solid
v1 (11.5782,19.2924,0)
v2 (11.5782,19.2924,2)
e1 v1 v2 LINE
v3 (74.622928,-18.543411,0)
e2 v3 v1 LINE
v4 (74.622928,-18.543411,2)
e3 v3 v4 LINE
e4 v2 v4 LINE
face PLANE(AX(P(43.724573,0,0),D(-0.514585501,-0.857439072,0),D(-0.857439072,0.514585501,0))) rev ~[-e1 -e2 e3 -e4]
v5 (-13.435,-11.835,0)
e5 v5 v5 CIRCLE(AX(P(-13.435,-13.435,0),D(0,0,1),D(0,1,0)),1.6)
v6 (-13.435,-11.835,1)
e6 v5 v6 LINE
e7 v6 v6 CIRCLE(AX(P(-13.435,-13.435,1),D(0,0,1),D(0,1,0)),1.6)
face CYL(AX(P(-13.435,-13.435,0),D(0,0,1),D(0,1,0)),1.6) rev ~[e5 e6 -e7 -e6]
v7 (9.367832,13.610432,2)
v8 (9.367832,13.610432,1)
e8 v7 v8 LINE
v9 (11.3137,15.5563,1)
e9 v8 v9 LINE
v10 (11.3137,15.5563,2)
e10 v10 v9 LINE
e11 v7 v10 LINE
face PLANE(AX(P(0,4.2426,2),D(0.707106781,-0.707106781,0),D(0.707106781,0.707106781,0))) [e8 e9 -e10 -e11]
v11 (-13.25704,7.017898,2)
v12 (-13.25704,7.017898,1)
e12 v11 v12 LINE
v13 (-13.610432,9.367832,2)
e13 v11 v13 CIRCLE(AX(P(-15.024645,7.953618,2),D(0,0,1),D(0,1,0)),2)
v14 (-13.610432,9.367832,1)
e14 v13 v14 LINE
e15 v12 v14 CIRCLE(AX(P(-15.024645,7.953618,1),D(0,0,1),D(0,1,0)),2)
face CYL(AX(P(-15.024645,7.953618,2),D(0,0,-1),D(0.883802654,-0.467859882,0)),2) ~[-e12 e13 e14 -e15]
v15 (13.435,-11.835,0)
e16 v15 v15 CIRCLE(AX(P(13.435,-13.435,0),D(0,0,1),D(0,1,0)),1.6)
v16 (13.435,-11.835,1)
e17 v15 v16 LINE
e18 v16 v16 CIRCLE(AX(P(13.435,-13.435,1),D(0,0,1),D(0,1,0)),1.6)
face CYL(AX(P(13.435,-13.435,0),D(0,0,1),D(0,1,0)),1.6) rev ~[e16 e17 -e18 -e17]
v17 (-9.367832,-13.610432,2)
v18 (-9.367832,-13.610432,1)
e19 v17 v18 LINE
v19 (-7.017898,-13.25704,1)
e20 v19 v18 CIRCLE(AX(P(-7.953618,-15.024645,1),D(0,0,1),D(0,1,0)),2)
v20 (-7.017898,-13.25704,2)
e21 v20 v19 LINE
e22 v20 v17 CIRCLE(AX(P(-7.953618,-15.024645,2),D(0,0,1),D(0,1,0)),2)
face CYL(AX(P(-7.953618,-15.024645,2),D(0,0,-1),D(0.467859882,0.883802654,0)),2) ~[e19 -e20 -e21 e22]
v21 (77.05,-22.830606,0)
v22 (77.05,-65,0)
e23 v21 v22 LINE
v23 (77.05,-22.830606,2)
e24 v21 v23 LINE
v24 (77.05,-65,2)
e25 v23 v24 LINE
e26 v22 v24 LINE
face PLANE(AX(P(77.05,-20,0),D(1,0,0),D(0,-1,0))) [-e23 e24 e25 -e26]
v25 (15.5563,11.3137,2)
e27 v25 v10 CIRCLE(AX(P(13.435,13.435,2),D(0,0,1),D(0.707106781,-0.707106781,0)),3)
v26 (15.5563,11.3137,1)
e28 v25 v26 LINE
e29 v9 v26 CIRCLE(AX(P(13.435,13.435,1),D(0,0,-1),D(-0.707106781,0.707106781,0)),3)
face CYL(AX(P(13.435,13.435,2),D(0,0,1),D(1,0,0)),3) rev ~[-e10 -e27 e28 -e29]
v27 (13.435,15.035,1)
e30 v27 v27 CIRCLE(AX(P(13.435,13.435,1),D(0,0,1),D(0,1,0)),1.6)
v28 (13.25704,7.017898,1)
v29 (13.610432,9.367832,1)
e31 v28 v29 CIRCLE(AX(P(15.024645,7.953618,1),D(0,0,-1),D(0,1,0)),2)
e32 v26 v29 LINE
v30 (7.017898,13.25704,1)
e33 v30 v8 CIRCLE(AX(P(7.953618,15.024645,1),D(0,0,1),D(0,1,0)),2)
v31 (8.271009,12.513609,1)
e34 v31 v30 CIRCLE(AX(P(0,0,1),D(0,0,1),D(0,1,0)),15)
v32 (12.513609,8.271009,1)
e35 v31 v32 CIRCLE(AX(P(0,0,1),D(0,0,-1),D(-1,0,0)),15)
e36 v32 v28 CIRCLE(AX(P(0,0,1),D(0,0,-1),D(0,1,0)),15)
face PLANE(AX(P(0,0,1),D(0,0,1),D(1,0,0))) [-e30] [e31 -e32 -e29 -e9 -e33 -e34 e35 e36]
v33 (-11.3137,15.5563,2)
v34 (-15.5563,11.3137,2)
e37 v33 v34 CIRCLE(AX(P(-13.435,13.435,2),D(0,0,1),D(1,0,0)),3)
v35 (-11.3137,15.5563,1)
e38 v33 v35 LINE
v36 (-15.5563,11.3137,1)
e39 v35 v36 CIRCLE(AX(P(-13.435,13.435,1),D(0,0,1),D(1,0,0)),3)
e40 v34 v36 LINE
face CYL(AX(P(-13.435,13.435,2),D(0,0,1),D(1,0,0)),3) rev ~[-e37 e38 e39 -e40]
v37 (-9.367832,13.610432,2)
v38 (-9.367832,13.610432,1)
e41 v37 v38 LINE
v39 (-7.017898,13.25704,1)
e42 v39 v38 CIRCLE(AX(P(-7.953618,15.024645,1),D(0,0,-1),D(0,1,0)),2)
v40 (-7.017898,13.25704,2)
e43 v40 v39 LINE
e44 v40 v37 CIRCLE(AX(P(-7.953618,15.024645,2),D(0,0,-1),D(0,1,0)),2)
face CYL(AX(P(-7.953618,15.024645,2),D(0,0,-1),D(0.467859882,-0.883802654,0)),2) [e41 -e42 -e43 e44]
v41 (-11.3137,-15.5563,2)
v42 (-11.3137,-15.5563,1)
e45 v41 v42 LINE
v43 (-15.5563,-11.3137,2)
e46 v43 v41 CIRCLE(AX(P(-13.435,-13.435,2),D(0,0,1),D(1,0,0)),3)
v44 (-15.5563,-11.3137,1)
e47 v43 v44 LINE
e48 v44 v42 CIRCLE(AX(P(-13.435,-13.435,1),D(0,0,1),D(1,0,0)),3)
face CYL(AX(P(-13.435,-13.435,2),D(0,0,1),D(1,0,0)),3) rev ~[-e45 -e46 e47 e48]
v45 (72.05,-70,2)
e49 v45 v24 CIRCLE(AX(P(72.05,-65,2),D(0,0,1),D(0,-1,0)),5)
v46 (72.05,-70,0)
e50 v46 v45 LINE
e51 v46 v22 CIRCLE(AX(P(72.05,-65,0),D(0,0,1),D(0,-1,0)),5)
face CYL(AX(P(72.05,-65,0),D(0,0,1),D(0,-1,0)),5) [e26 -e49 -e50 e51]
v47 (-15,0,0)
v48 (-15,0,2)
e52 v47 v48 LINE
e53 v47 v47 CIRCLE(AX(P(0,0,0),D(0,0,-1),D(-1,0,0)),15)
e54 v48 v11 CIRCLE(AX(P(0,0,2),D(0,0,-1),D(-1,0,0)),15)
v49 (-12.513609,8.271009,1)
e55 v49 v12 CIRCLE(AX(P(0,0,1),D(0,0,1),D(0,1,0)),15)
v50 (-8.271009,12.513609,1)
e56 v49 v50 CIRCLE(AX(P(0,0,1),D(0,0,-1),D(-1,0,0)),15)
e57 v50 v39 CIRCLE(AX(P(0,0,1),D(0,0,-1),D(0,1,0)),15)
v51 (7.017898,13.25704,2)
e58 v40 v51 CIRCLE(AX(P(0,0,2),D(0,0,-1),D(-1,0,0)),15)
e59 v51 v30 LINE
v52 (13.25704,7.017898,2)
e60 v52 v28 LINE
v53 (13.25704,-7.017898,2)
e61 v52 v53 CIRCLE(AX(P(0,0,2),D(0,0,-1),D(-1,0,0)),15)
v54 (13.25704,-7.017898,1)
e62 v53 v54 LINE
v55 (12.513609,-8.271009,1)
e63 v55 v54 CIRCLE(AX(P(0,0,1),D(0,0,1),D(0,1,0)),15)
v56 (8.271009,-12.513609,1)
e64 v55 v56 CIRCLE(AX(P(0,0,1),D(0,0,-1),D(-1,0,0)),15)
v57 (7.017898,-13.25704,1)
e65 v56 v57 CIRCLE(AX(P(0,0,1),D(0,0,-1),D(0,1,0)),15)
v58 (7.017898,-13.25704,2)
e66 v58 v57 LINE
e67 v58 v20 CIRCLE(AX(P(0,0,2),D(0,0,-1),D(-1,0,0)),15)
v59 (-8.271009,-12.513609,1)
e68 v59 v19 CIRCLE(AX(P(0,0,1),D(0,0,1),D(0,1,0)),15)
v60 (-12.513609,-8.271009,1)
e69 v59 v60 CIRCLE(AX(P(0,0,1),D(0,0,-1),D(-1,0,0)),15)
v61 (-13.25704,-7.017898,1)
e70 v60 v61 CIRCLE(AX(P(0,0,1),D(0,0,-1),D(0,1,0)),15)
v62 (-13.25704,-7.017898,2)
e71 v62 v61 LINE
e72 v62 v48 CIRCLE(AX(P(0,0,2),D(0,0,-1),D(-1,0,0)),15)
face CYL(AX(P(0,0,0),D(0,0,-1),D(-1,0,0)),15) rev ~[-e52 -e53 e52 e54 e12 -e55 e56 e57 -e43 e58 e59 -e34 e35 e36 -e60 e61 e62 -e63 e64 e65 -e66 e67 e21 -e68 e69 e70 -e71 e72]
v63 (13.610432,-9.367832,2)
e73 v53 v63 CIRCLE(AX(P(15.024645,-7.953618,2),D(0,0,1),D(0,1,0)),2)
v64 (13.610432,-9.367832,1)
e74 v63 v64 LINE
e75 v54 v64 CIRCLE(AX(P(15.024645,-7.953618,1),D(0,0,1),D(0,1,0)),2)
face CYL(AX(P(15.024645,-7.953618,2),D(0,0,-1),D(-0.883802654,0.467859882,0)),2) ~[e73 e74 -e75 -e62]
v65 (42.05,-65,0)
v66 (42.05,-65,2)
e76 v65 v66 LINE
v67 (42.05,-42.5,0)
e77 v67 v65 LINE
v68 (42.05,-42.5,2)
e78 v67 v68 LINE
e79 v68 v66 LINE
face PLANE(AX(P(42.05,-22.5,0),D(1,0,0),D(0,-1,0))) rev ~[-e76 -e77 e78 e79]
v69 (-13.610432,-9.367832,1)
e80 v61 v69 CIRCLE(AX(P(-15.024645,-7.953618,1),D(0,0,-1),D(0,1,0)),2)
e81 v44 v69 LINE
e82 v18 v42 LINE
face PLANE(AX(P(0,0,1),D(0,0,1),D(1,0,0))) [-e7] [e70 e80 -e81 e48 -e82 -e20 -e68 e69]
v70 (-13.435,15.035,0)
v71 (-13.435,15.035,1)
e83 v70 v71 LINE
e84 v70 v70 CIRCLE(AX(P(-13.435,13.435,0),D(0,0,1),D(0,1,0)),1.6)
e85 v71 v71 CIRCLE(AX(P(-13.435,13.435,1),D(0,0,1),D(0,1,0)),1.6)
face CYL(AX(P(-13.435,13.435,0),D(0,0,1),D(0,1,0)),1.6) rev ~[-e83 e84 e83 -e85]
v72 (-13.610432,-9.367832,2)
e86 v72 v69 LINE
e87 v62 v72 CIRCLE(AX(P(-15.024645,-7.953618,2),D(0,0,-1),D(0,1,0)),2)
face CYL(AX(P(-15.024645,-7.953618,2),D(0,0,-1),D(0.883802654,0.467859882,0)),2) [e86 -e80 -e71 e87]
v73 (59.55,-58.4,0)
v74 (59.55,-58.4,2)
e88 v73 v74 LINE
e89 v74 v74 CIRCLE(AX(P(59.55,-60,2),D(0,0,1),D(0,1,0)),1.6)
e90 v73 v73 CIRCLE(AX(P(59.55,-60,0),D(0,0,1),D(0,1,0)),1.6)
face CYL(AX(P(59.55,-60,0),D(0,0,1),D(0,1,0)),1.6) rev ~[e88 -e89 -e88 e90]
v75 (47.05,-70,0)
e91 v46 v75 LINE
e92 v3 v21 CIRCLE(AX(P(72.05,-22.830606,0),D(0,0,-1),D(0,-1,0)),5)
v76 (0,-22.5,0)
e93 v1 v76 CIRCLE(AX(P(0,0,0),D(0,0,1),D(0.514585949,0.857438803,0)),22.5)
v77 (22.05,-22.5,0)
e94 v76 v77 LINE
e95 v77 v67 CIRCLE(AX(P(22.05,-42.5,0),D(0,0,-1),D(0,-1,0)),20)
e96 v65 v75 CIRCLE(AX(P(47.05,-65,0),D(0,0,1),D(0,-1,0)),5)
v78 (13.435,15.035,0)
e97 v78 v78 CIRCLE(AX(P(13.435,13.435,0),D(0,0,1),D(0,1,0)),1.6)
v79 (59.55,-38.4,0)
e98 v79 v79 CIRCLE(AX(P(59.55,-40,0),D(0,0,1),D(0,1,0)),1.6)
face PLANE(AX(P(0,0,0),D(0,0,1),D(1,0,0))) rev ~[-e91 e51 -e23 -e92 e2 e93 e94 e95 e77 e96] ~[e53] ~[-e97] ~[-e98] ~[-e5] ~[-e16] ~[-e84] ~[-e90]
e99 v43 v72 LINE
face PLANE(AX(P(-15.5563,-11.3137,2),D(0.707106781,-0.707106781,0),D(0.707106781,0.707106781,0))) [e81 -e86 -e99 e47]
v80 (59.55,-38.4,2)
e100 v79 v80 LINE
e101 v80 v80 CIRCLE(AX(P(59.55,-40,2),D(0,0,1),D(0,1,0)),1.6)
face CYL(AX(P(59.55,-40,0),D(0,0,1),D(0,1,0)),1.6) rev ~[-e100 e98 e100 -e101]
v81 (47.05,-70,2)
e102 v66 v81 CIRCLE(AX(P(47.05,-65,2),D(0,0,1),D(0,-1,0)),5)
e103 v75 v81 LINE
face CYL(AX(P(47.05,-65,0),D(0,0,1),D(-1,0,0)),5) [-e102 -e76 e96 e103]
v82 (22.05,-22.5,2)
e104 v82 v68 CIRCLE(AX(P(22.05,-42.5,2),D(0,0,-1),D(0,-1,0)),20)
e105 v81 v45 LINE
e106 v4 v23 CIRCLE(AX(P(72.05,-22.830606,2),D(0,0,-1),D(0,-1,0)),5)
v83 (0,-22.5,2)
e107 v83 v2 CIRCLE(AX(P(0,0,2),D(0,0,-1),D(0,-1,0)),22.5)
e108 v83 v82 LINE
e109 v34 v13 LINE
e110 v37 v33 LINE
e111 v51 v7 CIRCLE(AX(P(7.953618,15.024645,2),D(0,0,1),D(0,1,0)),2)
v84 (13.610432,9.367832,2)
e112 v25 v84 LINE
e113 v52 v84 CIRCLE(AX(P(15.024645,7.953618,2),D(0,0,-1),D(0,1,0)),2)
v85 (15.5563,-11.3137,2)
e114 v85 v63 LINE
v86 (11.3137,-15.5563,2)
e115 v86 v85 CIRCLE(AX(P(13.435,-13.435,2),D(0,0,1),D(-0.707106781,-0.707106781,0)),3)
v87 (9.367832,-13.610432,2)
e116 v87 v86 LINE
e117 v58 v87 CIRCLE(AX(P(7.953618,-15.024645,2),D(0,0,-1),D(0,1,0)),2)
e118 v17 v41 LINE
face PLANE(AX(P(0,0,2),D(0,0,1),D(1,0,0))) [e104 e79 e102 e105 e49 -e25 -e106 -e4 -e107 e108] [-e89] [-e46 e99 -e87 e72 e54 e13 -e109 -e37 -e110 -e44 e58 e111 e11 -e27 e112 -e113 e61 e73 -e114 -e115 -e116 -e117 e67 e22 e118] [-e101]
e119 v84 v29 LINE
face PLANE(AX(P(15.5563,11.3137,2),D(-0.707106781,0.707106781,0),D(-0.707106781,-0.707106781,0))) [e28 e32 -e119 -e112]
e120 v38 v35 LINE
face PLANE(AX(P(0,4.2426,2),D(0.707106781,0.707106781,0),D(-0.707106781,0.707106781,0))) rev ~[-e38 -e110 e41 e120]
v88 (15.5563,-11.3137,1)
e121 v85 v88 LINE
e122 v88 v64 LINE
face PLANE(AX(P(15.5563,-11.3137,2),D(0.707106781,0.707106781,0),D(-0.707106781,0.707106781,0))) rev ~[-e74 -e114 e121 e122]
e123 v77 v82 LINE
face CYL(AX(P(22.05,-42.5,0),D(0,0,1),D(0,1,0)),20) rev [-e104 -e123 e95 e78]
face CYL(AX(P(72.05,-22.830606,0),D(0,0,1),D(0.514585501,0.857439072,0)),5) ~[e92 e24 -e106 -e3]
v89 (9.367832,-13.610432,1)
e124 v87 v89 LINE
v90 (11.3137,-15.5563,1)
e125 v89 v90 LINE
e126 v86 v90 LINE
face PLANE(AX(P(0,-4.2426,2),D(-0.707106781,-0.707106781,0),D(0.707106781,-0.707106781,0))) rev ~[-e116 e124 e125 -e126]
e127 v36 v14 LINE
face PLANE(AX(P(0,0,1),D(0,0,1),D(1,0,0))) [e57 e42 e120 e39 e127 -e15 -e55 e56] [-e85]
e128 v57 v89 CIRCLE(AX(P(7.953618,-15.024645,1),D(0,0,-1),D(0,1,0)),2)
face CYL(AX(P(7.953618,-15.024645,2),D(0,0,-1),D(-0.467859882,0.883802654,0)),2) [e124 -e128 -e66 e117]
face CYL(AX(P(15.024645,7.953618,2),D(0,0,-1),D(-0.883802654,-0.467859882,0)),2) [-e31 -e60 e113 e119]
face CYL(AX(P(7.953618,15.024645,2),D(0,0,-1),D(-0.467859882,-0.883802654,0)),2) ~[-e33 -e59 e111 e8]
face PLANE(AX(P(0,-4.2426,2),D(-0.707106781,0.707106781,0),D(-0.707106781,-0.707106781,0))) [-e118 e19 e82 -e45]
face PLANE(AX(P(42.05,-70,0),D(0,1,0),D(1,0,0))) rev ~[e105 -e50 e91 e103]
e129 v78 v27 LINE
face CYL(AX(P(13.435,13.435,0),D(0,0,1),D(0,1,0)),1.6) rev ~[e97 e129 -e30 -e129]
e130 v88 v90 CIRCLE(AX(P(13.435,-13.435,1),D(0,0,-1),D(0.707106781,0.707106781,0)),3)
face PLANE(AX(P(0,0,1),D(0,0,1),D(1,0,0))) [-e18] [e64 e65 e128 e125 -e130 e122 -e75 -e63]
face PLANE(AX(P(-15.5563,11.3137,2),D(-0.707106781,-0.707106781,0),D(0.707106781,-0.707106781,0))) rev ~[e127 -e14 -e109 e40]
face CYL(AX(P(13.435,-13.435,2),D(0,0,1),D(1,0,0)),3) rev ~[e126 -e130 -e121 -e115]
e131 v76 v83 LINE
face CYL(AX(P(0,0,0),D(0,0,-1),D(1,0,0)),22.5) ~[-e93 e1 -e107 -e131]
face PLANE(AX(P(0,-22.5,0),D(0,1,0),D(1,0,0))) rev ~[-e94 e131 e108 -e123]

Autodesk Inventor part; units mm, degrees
ref_plane "YZ Plane" through (0, 0, 0) normal (1, 0, 0) x (0, 1, 0)
ref_plane "XZ Plane" through (0, 0, 0) normal (0, 1, 0) x (-1, 0, 0)
ref_plane "XY Plane" through (0, 0, 0) normal (0, 0, 1) x (1, 0, 0)
sketch "スケッチ1" plane through (0, 0, 0) normal (0, 0, 1) x (1, 0, 0)
  circle A0 centre (0, 0) radius 22.5
  line L0 (0, 0) -> (59.55, 0)
  line L1 (59.55, 0) -> (42.05, 0)
  line L2 (42.05, 0) -> (42.05, -70)
  line L3 (42.05, -70) -> (59.55, -70)
  line L4 (59.55, -70) -> (59.55, 0)
  line L5 (77.05, 0) -> (77.05, -70)
  line L6 (77.05, -70) -> (59.55, -70)
  line L7 (77.05, 0) -> (59.55, 0)
  line L8 (42.05, -70) -> (-15.3485, -16.4522)
  line L9 (77.05, -20) -> (42.05, -20)
  line L10 (77.05, -20) -> (11.5782, 19.2924)
  point P0 (42.05, 0)
  point P1 (22.5, 0)
  dimension "d0" = 45
  dimension "d1" = 59.55
  dimension "d2" = 17.5
  dimension "d3" = 70
  dimension "d31" = 50
extrude "押し出し1" add sketch "スケッチ1" along normal blind 2 contours A0 | L0 L2 L8 A0 | A0 L10 L0 | L0 L10 L4 L9 L2 | L2 L9 L4 L3 | L10 L9 L4 | L4 L9 L5 L6
sketch "スケッチ2" plane through (0, 0, 0) normal (0, 0, -1) x (-1, 0, 0)
  circle A0 centre (0, 0) radius 15
  dimension "d6" = 30
extrude "押し出し2" cut sketch "スケッチ2" against normal blind 2
sketch "スケッチ3" plane through (0, 0, 0) normal (0, 0, -1) x (-1, 0, 0)
  arc A0 (15.3485, -16.4522) -> (-11.5782, 19.2924) centre (0, 0) ccw projected
  circle A1 centre (0, 0) radius 19
  line L0 (0, 0) -> (0, 22.5)
  line L1 (0, 0) -> (13.435, 13.435)
  point P0 (13.435, 13.435)
  point P1 (-13.435, 13.435)
  point P2 (-13.435, -13.435)
  point P3 (13.435, -13.435)
  dimension "d9" = 38
  dimension "d12" = 360
  dimension "d47" = 45
hole "穴1" at (-13.435, 13.435, 0) at (13.435, 13.435, 0) at (13.435, -13.435, 0) at (-13.435, -13.435, 0) direction (0, 0, 1) diameter 3.2 end through all
sketch "スケッチ4" plane through (0, 0, 0) normal (0, 0, -1) x (-1, 0, 0)
  line L0 (-77.05, -70) -> (-77.05, -20) projected
  line L1 (15.3485, -16.4522) -> (-42.05, -70) projected
  line L2 (-42.05, -70) -> (-82.05, -70)
  line L3 (-77.05, -20) -> (-42.05, -20)
  line L4 (-42.05, -20) -> (-42.05, -70)
  line L5 (-42.05, -70) -> (-77.05, -70)
  line L6 (-77.05, -70) -> (-77.05, -20)
  line L7 (-59.55, -20) -> (-59.55, -70)
  point P0 (0, 0)
  point P1 (-59.55, -40)
  point P2 (-59.55, -60)
  dimension "d32" = 20
  dimension "d33" = 20
hole "穴2" at (59.55, -40, 0) at (59.55, -60, 0) direction (0, 0, 1) diameter 3.2 end through all
sketch "スケッチ5" plane through (0, 0, 0) normal (0, 0, -1) x (-1, 0, 0)
  arc A0 (15.3485, -16.4522) -> (-11.5782, 19.2924) centre (0, 0) ccw projected
  circle A1 centre (0, 0) radius 22.5
  line L0 (0, -22.5) -> (-42.05, -22.5)
  line L1 (15.3485, -16.4522) -> (-42.05, -70) projected
  line L2 (-42.05, -22.5) -> (-42.05, -70)
  point P0 (15.3485, -16.4522)
  point P1 (-2.7683, -39.25)
  point P2 (-11.5782, 19.2924)
  point P3 (15.3485, -16.4522)
  dimension "d35" = 45
extrude "押し出し3" cut sketch "スケッチ5" against normal blind 2 contours L1 L2 L0 A1
fillet "フィレット2" radius 20 1 edges at (42.05, -22.5, 1)
fillet "フィレット3" radius 5 3 edges at (42.05, -70, 1) (77.05, -70, 1) (77.05, -20, 1)
sketch "スケッチ7" plane through (0, 0, 2) normal (0, 0, 1) x (1, 0, 0)
  circle A0 centre (-13.435, 13.435) radius 1.6 projected
  circle A1 centre (-13.435, 13.435) radius 3
  circle A2 centre (-13.435, -13.435) radius 3
  circle A3 centre (13.435, -13.435) radius 3
  circle A4 centre (13.435, 13.435) radius 3
  line L0 (-15.5563, -11.3137) -> (11.3137, 15.5563)
  line L1 (15.5563, 11.3137) -> (-11.3137, -15.5563)
  line L2 (-15.5563, 11.3137) -> (11.3137, -15.5563)
  line L3 (15.5563, -11.3137) -> (-11.3137, 15.5563)
  point P0 (0, 0)
  point P1 (-4.2426, 0)
  point P2 (0, -4.2426)
  point P3 (4.2426, 0)
  point P4 (0, 4.2426)
  dimension "d48" = 6
  dimension "d51" = 360
extrude "押し出し5" cut sketch "スケッチ7" against normal blind 1
fillet "フィレット4" radius 2 8 edges at (-8.271, -12.5136, 1.5) (12.5136, 8.271, 1.5) (-12.5136, -8.271, 1.5) (8.271, 12.5136, 1.5) (8.271, -12.5136, 1.5) (-12.5136, 8.271, 1.5) (12.5136, -8.271, 1.5) (-8.271, 12.5136, 1.5)
equation "\"d1\" = Sside"
equation "\"BendRadius\" = Thickness"
equation "\"BendReliefWidth\" = Thickness"
equation "\"BendReliefDepth\" = 0.5 * Thickness"
equation "\"CornerReliefSize\" = 4 * Thickness"
equation "\"MinimumRemnant\" = 2 * Thickness"
equation "\"TransitionRadius\" = BendRadius"
equation "\"JacobiRadiusSize\" = BendRadius"
equation "\"GapSize\" = Thickness"
equation "\"Sside\" = 59.55"
equation "\"Thickness\" = 3.048"
properties part number "upperarm_fixplate2_forR0" material "アルミニウム 6061"
